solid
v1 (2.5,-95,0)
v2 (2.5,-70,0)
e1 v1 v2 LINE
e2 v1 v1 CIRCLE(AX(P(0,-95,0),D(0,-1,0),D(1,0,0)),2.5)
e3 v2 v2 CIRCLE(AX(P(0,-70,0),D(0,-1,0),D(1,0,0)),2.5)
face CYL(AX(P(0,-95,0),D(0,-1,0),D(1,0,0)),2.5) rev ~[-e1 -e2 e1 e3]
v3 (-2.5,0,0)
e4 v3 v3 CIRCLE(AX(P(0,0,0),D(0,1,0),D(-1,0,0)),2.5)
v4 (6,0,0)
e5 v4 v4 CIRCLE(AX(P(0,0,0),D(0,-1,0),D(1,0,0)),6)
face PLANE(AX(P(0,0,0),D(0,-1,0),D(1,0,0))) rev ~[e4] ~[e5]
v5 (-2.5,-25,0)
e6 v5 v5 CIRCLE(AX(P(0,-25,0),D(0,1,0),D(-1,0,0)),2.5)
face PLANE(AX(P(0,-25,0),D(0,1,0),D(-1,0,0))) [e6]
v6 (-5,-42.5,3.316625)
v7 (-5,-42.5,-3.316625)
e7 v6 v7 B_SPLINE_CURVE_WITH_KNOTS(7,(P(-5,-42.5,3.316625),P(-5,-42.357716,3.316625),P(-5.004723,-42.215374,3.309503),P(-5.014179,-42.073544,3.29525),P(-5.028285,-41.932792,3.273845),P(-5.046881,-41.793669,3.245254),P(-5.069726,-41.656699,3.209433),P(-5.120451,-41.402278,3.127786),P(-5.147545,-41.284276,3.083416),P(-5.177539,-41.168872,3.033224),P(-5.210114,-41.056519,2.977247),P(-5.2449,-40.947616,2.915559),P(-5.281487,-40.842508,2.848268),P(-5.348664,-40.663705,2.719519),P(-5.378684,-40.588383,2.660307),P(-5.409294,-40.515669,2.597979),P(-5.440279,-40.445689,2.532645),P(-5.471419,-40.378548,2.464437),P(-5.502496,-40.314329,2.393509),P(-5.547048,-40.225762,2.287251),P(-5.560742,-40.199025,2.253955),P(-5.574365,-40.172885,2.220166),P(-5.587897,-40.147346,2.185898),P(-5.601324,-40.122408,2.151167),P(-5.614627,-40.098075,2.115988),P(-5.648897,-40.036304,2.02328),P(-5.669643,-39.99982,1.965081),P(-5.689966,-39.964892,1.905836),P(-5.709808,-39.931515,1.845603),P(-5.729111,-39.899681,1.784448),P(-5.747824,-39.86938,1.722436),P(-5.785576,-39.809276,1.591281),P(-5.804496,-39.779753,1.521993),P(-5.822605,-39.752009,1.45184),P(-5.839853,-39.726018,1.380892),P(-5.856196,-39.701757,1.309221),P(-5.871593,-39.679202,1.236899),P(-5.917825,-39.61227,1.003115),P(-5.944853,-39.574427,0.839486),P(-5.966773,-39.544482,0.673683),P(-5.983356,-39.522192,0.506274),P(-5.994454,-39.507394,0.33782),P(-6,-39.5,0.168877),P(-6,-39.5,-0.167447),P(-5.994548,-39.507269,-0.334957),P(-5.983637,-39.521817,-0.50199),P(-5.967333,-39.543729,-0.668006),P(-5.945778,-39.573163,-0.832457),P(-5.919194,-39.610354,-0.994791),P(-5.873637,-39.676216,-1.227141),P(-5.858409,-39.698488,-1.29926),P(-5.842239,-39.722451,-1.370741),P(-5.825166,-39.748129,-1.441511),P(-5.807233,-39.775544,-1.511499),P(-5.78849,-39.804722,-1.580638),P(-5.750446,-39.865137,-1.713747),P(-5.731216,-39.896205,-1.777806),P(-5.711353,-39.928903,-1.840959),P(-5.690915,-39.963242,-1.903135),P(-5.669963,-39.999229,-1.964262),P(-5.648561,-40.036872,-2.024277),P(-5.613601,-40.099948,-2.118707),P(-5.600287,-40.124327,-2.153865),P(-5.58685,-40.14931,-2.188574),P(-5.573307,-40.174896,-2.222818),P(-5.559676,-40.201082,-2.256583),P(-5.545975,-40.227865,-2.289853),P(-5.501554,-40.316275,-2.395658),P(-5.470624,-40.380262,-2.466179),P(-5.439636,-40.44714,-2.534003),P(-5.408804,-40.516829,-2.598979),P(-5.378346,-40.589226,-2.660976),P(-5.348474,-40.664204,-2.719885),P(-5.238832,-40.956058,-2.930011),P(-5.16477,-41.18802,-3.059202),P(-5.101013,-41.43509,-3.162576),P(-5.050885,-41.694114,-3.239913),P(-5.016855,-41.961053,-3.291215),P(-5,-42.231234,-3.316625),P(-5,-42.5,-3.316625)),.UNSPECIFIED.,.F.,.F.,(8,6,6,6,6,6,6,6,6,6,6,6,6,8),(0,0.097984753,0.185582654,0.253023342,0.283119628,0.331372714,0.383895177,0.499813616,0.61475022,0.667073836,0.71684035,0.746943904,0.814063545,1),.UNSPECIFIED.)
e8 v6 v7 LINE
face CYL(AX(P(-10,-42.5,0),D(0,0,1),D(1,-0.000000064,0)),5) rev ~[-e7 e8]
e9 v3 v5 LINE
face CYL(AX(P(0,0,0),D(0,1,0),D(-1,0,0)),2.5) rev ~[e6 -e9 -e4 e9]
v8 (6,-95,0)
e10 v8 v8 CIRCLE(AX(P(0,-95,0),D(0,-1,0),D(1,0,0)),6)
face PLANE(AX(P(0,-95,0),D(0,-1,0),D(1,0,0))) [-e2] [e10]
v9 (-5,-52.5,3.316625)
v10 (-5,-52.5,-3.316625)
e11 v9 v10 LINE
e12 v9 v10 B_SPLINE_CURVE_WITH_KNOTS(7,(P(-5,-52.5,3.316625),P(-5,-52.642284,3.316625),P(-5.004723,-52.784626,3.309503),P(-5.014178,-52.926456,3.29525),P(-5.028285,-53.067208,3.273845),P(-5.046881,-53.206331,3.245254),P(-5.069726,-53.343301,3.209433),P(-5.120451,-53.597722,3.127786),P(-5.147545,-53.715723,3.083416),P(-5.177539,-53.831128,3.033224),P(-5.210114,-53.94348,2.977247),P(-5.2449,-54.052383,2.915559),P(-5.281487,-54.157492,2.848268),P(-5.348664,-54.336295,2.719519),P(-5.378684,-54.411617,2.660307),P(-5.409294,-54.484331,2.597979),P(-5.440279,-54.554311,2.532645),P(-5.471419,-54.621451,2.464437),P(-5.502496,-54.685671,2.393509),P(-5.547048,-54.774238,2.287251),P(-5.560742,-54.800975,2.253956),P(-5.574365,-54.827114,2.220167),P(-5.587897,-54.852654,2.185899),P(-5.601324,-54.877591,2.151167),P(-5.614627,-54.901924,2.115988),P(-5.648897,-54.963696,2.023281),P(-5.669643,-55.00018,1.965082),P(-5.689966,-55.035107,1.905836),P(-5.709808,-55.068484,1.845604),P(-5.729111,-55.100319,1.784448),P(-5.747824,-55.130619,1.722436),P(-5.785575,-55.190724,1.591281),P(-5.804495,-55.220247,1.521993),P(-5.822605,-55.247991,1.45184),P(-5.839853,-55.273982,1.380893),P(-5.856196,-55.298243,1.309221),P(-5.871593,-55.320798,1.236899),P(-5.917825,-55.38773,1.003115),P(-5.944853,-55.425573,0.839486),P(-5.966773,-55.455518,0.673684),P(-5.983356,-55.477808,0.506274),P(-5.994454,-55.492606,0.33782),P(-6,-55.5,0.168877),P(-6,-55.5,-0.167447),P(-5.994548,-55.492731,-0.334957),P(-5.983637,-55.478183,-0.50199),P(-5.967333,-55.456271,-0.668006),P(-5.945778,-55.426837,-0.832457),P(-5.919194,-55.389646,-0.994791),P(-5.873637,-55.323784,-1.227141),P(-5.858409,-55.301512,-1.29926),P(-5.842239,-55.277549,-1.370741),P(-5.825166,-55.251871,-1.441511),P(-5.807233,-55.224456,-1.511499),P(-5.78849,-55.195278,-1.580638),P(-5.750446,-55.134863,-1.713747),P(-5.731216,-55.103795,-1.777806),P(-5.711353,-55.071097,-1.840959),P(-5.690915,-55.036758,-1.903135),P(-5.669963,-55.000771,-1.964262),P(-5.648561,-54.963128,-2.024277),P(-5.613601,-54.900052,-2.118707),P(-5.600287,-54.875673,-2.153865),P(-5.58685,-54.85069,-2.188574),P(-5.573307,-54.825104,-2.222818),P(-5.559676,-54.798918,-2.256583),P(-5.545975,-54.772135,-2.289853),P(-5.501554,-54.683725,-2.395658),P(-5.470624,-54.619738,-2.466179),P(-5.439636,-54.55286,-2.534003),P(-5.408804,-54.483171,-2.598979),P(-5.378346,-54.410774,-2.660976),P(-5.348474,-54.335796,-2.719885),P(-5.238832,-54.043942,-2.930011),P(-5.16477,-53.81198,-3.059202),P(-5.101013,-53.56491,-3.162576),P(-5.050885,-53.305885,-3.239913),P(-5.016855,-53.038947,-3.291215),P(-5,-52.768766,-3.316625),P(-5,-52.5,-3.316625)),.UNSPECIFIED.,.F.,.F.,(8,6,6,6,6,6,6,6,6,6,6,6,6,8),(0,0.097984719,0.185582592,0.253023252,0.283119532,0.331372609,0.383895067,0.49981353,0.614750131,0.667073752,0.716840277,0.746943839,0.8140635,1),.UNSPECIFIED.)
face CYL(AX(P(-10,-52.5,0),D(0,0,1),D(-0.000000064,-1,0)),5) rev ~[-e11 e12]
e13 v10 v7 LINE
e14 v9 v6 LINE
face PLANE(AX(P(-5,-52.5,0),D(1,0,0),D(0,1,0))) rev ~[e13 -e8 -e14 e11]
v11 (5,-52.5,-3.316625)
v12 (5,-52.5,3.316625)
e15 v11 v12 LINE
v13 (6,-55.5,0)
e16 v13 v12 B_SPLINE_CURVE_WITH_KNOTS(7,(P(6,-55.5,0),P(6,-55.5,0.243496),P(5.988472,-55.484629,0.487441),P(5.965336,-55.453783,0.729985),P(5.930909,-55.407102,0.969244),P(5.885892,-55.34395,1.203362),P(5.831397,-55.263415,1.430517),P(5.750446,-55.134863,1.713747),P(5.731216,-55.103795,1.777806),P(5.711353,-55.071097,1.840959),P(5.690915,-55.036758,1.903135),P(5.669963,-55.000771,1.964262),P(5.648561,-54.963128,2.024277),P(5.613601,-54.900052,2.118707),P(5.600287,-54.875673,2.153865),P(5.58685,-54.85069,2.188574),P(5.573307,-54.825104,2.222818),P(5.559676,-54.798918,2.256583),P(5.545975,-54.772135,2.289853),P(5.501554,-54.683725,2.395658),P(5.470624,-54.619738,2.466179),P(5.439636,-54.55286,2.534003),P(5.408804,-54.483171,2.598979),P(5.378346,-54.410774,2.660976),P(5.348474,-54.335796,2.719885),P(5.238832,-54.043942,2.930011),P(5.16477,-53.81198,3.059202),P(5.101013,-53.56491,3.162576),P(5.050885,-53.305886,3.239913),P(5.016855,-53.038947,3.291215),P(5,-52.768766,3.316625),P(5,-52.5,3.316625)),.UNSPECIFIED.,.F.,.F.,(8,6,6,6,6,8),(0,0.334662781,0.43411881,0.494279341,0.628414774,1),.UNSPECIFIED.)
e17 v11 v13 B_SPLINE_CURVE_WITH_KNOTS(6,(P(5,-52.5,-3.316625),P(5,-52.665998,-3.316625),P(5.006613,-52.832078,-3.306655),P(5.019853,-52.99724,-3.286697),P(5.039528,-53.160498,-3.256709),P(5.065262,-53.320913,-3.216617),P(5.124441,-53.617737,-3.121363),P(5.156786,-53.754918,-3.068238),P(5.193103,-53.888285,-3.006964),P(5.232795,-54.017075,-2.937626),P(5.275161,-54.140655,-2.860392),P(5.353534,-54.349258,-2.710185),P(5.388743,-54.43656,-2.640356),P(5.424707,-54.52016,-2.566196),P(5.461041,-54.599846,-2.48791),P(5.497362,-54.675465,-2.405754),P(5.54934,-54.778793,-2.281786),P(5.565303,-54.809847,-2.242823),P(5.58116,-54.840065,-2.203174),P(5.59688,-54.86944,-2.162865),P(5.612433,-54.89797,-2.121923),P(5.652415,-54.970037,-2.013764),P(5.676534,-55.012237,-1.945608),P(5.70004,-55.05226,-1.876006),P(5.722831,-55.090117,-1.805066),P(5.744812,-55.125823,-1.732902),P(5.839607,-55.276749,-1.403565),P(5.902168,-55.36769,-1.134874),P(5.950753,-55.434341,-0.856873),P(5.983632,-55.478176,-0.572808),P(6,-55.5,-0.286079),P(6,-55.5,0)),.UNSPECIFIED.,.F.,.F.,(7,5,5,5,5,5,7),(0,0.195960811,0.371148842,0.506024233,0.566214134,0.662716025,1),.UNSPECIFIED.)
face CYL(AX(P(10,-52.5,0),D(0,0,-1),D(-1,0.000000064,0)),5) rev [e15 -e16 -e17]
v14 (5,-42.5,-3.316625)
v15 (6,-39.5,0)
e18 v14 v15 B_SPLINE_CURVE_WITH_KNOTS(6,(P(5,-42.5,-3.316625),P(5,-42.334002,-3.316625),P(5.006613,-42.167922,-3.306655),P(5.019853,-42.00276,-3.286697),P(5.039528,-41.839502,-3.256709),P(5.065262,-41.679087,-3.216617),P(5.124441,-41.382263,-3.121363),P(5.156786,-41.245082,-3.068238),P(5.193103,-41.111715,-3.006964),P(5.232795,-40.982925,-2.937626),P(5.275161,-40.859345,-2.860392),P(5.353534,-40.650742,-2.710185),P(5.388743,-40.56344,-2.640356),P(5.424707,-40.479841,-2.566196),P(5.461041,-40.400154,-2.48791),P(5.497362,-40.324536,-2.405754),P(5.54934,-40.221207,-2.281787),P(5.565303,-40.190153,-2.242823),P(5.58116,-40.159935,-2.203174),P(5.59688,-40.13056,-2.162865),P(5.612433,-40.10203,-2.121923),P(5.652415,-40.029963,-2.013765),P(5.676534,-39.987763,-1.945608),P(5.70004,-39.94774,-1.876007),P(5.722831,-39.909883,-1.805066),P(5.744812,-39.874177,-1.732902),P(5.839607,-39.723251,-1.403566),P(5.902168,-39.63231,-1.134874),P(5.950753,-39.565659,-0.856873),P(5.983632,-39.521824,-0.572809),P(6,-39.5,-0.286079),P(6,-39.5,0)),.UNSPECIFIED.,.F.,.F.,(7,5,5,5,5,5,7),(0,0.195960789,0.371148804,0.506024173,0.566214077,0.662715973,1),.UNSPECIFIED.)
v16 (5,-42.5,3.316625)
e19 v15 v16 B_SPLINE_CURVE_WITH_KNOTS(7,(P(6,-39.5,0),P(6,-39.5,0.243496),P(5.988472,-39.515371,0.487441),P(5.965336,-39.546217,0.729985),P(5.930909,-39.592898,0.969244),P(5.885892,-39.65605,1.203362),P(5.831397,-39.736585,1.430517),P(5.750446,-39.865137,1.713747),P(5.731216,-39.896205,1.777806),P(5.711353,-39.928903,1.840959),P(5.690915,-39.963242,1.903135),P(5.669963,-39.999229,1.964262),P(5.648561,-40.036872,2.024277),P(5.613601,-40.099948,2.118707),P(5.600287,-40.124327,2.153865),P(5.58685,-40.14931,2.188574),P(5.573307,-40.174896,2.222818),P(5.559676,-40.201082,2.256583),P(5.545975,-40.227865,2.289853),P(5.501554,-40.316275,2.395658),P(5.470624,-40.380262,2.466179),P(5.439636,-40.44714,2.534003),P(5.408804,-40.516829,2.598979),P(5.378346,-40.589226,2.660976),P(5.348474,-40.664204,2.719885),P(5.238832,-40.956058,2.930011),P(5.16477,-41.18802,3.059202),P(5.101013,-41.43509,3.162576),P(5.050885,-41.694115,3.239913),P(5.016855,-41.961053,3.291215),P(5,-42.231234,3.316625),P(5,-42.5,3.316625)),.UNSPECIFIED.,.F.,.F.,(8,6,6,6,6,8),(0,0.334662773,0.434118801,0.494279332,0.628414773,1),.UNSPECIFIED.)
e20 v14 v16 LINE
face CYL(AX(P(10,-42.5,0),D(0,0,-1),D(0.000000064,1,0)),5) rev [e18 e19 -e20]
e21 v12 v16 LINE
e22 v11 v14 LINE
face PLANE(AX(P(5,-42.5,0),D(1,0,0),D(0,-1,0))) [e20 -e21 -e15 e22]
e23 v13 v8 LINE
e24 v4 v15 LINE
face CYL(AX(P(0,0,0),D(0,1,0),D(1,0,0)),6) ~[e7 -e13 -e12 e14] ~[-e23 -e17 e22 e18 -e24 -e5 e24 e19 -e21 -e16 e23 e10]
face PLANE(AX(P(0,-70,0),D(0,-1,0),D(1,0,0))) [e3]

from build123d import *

# Parameters (mm, degrees)
F0_R     = 6
F1_DEPTH = 95
F2_R     = 2.5
F3_DEPTH = 25
F4_R     = 2.5
F5_DEPTH = 25
F7_DEPTH = 12.5


with BuildPart() as f1:
    # F0 (on Front) → F1 (new body)
    with BuildSketch(Plane.XZ):
        Circle(F0_R)
    extrude(amount=F1_DEPTH)

    # F2 (on face) → F3 (cut)
    with BuildSketch(Plane.XZ.offset(95)):
        Circle(F2_R)
    extrude(amount=-F3_DEPTH, mode=Mode.SUBTRACT)

    # F4 (on face) → F5 (cut)
    with BuildSketch(Plane(origin=(0, 0, 0), x_dir=(-1, 0, 0), z_dir=(0, 1, 0))):
        Circle(F4_R)
    extrude(amount=-F5_DEPTH, mode=Mode.SUBTRACT)

    # F6 (on Top) → F7 (cut, symmetric)
    with BuildSketch(Plane.XY):
        with BuildLine():
            Line((11.650951, -37.5), (10, -37.5))
            ThreePointArc((10, -37.5), (6.464466, -38.964466), (5, -42.5))
            Line((5, -42.5), (5, -52.5))
            ThreePointArc((5, -52.5), (6.464466, -56.035534), (10, -57.5))
            Line((10, -57.5), (11.650951, -57.5))
            Line((11.650951, -57.5), (11.650951, -37.5))
        make_face()
        with BuildLine():
            ThreePointArc((-5, -42.5), (-6.464466, -38.964466), (-10, -37.5))
            Line((-10, -37.5), (-11.650951, -37.5))
            Line((-11.650951, -37.5), (-11.650951, -57.5))
            Line((-11.650951, -57.5), (-10, -57.5))
            ThreePointArc((-10, -57.5), (-6.464466, -56.035534), (-5, -52.5))
            Line((-5, -52.5), (-5, -42.5))
        make_face()
    extrude(amount=F7_DEPTH, both=True, mode=Mode.SUBTRACT)


solid = f1.part
